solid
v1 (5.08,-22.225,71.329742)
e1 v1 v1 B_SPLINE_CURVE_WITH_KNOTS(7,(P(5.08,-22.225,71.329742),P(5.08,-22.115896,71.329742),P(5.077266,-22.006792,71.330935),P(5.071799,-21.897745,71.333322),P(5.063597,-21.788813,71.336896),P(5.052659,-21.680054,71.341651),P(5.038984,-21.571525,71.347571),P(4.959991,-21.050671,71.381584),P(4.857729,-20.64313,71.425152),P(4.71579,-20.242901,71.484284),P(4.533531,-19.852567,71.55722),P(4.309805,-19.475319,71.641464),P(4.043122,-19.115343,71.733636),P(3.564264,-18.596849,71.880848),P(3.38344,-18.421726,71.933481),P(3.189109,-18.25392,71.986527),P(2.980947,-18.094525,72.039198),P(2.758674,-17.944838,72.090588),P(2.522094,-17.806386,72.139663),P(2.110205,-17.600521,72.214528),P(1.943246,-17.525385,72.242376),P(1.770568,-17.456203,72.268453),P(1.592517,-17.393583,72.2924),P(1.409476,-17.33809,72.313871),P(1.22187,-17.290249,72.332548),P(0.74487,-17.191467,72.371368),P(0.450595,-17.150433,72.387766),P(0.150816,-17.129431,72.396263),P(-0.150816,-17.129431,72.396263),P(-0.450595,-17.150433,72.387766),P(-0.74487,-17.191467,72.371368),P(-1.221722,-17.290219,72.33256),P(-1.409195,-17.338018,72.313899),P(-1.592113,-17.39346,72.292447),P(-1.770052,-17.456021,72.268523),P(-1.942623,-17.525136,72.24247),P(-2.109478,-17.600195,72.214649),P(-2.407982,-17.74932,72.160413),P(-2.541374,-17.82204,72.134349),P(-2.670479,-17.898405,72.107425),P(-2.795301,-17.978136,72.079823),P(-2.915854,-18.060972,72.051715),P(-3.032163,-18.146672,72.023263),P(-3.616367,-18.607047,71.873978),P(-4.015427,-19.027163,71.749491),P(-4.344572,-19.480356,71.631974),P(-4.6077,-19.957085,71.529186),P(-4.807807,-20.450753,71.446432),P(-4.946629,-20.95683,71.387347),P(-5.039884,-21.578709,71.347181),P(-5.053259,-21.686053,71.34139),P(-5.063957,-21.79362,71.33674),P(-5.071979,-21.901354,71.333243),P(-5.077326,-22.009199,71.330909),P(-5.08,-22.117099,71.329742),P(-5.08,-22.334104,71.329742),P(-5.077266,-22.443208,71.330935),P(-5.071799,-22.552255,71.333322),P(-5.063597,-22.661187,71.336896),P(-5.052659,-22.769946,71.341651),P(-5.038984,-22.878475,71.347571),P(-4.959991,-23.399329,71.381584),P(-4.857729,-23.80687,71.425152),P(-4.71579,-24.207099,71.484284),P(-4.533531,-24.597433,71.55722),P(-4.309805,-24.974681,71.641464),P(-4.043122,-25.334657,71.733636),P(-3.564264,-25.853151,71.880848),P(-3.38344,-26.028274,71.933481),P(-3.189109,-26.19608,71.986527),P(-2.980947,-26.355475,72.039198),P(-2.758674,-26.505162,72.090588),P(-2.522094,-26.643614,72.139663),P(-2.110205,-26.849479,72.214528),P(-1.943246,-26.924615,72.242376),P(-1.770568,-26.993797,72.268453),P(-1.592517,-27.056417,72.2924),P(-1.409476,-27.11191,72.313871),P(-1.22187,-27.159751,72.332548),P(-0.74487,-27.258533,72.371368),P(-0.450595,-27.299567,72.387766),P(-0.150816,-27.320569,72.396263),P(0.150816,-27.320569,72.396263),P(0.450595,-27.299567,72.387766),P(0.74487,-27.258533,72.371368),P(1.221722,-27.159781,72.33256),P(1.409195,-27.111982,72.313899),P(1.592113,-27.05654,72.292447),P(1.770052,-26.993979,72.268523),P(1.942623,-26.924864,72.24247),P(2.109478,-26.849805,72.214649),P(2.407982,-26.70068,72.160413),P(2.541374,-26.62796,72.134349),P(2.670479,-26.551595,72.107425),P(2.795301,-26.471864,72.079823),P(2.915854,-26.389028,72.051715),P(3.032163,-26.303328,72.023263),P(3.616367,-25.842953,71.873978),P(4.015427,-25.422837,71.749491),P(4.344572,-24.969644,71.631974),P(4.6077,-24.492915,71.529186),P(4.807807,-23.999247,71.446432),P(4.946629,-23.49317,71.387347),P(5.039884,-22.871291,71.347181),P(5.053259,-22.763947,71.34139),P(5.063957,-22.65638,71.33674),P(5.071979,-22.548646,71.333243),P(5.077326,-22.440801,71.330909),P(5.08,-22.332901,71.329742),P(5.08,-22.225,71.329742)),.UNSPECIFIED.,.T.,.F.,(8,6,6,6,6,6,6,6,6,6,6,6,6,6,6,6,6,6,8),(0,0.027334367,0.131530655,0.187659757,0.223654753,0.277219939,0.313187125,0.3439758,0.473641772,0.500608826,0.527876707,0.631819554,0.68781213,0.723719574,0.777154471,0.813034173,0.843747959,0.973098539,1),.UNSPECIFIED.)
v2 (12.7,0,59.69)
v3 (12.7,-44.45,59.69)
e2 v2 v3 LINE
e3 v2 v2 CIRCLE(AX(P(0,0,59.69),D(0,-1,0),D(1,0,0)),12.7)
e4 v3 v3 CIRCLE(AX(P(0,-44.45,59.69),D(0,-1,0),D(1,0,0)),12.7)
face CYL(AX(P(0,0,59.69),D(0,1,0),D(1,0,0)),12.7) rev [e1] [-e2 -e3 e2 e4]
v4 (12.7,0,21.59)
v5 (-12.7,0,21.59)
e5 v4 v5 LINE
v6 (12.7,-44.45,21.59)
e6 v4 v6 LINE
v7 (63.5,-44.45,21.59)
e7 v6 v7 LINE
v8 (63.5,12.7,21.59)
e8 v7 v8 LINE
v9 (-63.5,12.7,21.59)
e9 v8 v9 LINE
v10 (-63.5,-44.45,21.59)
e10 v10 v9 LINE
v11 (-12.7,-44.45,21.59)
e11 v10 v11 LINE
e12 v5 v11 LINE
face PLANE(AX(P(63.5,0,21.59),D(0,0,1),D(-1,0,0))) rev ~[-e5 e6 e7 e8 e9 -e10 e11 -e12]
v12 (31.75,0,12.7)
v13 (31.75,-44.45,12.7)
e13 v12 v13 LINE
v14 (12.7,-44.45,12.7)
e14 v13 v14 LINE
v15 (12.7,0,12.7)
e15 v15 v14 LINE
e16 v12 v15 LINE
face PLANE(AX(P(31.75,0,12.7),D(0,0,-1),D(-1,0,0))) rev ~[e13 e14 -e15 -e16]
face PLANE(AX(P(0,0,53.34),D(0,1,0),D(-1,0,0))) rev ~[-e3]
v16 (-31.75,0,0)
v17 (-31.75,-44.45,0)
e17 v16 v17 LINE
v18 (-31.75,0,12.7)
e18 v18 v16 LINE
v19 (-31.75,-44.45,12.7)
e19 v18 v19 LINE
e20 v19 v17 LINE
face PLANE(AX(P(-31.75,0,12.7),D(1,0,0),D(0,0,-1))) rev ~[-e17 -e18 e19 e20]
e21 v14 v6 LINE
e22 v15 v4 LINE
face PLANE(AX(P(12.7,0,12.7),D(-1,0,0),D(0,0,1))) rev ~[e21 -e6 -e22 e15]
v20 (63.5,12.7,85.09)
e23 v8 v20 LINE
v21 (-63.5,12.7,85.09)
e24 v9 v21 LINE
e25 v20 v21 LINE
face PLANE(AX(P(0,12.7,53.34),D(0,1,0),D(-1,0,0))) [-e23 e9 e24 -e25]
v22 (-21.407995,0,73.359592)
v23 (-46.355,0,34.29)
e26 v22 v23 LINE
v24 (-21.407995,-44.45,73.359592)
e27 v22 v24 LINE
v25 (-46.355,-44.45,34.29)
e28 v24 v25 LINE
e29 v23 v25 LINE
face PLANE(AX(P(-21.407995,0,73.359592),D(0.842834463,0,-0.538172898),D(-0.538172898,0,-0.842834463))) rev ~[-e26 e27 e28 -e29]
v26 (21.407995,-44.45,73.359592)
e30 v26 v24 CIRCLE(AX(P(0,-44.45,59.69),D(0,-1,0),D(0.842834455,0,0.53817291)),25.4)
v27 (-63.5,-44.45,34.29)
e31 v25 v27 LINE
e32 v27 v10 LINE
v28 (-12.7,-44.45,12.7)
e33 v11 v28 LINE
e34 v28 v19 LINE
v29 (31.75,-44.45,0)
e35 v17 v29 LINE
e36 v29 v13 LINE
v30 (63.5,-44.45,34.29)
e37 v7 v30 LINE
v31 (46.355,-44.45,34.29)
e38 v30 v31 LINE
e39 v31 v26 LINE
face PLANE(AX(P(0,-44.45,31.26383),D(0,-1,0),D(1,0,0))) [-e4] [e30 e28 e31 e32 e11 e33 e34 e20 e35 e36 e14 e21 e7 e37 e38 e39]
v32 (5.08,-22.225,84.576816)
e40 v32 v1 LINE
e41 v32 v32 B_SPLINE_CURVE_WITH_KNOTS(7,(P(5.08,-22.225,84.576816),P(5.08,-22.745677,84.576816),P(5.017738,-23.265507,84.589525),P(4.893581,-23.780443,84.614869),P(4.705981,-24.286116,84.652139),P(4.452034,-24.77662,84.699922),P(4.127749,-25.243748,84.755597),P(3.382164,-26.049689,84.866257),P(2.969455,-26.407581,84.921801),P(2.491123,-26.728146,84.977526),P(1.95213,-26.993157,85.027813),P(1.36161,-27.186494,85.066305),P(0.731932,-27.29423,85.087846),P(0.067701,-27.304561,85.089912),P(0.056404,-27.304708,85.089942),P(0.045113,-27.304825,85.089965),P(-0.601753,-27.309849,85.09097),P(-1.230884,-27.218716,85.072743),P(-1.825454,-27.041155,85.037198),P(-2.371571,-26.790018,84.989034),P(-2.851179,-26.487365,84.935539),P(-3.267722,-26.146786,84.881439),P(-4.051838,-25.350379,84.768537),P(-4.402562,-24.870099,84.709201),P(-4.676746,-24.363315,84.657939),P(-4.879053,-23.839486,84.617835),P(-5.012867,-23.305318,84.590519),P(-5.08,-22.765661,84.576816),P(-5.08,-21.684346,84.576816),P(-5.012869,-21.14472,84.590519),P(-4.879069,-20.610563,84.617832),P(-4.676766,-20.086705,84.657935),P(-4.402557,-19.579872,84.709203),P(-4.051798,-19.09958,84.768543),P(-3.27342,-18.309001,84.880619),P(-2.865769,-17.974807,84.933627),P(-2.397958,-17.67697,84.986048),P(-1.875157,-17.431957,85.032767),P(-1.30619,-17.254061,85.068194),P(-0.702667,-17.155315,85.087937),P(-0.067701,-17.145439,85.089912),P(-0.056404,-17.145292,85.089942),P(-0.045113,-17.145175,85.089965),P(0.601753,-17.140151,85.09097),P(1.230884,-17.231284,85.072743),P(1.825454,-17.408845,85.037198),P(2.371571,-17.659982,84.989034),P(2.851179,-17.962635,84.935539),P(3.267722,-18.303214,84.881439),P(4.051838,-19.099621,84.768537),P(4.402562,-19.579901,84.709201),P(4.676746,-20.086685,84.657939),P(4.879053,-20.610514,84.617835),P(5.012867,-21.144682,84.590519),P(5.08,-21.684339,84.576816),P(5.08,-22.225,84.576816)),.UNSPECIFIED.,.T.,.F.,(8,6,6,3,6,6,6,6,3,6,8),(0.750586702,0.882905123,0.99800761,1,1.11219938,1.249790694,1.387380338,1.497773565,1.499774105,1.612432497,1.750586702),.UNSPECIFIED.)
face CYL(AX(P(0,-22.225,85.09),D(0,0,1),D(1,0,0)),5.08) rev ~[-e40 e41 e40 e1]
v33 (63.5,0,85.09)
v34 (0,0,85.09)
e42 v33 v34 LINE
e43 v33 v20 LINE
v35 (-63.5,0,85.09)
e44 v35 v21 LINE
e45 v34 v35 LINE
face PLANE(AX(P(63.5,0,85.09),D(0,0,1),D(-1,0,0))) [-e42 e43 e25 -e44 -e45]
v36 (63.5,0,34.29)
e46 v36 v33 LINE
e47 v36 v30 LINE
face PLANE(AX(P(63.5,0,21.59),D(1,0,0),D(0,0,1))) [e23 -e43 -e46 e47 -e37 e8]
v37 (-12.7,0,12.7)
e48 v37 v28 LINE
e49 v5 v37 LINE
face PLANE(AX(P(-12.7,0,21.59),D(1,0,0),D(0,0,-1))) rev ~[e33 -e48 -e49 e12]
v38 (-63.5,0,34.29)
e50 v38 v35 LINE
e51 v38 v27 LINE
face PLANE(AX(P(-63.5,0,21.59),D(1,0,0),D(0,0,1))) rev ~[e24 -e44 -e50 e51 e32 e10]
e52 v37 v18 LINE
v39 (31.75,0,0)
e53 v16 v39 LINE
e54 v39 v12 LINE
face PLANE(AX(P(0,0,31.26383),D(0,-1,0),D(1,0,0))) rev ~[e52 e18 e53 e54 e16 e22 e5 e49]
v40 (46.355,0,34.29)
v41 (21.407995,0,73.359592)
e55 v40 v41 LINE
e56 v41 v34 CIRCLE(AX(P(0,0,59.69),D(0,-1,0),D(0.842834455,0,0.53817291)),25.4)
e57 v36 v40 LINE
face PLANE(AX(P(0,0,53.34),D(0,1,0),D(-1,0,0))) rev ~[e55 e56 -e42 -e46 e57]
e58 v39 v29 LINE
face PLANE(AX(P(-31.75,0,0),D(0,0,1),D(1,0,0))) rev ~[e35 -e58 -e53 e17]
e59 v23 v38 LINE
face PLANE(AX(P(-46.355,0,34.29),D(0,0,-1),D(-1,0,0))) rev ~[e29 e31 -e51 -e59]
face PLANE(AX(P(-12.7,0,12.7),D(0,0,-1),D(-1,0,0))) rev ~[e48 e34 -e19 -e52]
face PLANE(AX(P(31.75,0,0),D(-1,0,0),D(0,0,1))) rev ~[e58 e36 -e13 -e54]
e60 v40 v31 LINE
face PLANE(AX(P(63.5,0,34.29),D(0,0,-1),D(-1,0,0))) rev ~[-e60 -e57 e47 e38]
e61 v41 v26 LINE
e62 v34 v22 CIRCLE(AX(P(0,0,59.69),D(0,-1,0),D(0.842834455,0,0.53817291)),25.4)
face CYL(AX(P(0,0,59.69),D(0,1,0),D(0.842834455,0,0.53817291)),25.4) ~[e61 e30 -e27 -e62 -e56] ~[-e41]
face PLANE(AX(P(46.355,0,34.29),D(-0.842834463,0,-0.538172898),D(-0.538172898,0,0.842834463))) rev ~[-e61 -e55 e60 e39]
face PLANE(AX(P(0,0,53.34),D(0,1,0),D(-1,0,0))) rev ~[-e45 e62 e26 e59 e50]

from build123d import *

# Parameters (mm, degrees)
F0_R     = 12.7
F1_DEPTH = 44.45
F2_W     = 127
F2_H     = 63.5
F3_DEPTH = 12.7
F5_R     = 5.08
F6_DEPTH = 25.4


with BuildPart() as f1:
    # F0 (on Front) → F1 (new body)
    with BuildSketch(Plane.XZ):
        with BuildLine():
            Line((-31.75, 0), (0, 0))
            Line((0, 0), (31.75, 0))
            Line((31.75, 0), (31.75, 12.7))
            Line((31.75, 12.7), (12.7, 12.7))
            Line((12.7, 12.7), (12.7, 21.59))
            Line((12.7, 21.59), (63.5, 21.59))
            Line((63.5, 21.59), (63.5, 34.29))
            Line((63.5, 34.29), (46.355, 34.29))
            Line((46.355, 34.29), (21.407995, 73.359592))
            ThreePointArc((21.407995, 73.359592), (0, 85.09), (-21.407995, 73.359592))
            Line((-21.407995, 73.359592), (-46.355, 34.29))
            Line((-46.355, 34.29), (-63.5, 34.29))
            Line((-63.5, 34.29), (-63.5, 21.59))
            Line((-63.5, 21.59), (-12.7, 21.59))
            Line((-12.7, 21.59), (-12.7, 12.7))
            Line((-12.7, 12.7), (-31.75, 12.7))
            Line((-31.75, 12.7), (-31.75, 0))
        make_face()
        with Locations((0, 59.69)):
            Circle(F0_R, mode=Mode.SUBTRACT)
    extrude(amount=F1_DEPTH)

    # F2 (on face) → F3 (join)
    with BuildSketch(Plane(origin=(0, 0, 0), x_dir=(-1, 0, 0), z_dir=(0, 1, 0))):
        with Locations((0, 53.34)):
            Rectangle(F2_W, F2_H)
    extrude(amount=F3_DEPTH)

    # F5 (on offset) → F6 (cut)
    with BuildSketch(Plane.XY.offset(85.09)):
        with Locations((0, -22.225)):
            Circle(F5_R)
    extrude(amount=-F6_DEPTH, mode=Mode.SUBTRACT)


solid = f1.part
